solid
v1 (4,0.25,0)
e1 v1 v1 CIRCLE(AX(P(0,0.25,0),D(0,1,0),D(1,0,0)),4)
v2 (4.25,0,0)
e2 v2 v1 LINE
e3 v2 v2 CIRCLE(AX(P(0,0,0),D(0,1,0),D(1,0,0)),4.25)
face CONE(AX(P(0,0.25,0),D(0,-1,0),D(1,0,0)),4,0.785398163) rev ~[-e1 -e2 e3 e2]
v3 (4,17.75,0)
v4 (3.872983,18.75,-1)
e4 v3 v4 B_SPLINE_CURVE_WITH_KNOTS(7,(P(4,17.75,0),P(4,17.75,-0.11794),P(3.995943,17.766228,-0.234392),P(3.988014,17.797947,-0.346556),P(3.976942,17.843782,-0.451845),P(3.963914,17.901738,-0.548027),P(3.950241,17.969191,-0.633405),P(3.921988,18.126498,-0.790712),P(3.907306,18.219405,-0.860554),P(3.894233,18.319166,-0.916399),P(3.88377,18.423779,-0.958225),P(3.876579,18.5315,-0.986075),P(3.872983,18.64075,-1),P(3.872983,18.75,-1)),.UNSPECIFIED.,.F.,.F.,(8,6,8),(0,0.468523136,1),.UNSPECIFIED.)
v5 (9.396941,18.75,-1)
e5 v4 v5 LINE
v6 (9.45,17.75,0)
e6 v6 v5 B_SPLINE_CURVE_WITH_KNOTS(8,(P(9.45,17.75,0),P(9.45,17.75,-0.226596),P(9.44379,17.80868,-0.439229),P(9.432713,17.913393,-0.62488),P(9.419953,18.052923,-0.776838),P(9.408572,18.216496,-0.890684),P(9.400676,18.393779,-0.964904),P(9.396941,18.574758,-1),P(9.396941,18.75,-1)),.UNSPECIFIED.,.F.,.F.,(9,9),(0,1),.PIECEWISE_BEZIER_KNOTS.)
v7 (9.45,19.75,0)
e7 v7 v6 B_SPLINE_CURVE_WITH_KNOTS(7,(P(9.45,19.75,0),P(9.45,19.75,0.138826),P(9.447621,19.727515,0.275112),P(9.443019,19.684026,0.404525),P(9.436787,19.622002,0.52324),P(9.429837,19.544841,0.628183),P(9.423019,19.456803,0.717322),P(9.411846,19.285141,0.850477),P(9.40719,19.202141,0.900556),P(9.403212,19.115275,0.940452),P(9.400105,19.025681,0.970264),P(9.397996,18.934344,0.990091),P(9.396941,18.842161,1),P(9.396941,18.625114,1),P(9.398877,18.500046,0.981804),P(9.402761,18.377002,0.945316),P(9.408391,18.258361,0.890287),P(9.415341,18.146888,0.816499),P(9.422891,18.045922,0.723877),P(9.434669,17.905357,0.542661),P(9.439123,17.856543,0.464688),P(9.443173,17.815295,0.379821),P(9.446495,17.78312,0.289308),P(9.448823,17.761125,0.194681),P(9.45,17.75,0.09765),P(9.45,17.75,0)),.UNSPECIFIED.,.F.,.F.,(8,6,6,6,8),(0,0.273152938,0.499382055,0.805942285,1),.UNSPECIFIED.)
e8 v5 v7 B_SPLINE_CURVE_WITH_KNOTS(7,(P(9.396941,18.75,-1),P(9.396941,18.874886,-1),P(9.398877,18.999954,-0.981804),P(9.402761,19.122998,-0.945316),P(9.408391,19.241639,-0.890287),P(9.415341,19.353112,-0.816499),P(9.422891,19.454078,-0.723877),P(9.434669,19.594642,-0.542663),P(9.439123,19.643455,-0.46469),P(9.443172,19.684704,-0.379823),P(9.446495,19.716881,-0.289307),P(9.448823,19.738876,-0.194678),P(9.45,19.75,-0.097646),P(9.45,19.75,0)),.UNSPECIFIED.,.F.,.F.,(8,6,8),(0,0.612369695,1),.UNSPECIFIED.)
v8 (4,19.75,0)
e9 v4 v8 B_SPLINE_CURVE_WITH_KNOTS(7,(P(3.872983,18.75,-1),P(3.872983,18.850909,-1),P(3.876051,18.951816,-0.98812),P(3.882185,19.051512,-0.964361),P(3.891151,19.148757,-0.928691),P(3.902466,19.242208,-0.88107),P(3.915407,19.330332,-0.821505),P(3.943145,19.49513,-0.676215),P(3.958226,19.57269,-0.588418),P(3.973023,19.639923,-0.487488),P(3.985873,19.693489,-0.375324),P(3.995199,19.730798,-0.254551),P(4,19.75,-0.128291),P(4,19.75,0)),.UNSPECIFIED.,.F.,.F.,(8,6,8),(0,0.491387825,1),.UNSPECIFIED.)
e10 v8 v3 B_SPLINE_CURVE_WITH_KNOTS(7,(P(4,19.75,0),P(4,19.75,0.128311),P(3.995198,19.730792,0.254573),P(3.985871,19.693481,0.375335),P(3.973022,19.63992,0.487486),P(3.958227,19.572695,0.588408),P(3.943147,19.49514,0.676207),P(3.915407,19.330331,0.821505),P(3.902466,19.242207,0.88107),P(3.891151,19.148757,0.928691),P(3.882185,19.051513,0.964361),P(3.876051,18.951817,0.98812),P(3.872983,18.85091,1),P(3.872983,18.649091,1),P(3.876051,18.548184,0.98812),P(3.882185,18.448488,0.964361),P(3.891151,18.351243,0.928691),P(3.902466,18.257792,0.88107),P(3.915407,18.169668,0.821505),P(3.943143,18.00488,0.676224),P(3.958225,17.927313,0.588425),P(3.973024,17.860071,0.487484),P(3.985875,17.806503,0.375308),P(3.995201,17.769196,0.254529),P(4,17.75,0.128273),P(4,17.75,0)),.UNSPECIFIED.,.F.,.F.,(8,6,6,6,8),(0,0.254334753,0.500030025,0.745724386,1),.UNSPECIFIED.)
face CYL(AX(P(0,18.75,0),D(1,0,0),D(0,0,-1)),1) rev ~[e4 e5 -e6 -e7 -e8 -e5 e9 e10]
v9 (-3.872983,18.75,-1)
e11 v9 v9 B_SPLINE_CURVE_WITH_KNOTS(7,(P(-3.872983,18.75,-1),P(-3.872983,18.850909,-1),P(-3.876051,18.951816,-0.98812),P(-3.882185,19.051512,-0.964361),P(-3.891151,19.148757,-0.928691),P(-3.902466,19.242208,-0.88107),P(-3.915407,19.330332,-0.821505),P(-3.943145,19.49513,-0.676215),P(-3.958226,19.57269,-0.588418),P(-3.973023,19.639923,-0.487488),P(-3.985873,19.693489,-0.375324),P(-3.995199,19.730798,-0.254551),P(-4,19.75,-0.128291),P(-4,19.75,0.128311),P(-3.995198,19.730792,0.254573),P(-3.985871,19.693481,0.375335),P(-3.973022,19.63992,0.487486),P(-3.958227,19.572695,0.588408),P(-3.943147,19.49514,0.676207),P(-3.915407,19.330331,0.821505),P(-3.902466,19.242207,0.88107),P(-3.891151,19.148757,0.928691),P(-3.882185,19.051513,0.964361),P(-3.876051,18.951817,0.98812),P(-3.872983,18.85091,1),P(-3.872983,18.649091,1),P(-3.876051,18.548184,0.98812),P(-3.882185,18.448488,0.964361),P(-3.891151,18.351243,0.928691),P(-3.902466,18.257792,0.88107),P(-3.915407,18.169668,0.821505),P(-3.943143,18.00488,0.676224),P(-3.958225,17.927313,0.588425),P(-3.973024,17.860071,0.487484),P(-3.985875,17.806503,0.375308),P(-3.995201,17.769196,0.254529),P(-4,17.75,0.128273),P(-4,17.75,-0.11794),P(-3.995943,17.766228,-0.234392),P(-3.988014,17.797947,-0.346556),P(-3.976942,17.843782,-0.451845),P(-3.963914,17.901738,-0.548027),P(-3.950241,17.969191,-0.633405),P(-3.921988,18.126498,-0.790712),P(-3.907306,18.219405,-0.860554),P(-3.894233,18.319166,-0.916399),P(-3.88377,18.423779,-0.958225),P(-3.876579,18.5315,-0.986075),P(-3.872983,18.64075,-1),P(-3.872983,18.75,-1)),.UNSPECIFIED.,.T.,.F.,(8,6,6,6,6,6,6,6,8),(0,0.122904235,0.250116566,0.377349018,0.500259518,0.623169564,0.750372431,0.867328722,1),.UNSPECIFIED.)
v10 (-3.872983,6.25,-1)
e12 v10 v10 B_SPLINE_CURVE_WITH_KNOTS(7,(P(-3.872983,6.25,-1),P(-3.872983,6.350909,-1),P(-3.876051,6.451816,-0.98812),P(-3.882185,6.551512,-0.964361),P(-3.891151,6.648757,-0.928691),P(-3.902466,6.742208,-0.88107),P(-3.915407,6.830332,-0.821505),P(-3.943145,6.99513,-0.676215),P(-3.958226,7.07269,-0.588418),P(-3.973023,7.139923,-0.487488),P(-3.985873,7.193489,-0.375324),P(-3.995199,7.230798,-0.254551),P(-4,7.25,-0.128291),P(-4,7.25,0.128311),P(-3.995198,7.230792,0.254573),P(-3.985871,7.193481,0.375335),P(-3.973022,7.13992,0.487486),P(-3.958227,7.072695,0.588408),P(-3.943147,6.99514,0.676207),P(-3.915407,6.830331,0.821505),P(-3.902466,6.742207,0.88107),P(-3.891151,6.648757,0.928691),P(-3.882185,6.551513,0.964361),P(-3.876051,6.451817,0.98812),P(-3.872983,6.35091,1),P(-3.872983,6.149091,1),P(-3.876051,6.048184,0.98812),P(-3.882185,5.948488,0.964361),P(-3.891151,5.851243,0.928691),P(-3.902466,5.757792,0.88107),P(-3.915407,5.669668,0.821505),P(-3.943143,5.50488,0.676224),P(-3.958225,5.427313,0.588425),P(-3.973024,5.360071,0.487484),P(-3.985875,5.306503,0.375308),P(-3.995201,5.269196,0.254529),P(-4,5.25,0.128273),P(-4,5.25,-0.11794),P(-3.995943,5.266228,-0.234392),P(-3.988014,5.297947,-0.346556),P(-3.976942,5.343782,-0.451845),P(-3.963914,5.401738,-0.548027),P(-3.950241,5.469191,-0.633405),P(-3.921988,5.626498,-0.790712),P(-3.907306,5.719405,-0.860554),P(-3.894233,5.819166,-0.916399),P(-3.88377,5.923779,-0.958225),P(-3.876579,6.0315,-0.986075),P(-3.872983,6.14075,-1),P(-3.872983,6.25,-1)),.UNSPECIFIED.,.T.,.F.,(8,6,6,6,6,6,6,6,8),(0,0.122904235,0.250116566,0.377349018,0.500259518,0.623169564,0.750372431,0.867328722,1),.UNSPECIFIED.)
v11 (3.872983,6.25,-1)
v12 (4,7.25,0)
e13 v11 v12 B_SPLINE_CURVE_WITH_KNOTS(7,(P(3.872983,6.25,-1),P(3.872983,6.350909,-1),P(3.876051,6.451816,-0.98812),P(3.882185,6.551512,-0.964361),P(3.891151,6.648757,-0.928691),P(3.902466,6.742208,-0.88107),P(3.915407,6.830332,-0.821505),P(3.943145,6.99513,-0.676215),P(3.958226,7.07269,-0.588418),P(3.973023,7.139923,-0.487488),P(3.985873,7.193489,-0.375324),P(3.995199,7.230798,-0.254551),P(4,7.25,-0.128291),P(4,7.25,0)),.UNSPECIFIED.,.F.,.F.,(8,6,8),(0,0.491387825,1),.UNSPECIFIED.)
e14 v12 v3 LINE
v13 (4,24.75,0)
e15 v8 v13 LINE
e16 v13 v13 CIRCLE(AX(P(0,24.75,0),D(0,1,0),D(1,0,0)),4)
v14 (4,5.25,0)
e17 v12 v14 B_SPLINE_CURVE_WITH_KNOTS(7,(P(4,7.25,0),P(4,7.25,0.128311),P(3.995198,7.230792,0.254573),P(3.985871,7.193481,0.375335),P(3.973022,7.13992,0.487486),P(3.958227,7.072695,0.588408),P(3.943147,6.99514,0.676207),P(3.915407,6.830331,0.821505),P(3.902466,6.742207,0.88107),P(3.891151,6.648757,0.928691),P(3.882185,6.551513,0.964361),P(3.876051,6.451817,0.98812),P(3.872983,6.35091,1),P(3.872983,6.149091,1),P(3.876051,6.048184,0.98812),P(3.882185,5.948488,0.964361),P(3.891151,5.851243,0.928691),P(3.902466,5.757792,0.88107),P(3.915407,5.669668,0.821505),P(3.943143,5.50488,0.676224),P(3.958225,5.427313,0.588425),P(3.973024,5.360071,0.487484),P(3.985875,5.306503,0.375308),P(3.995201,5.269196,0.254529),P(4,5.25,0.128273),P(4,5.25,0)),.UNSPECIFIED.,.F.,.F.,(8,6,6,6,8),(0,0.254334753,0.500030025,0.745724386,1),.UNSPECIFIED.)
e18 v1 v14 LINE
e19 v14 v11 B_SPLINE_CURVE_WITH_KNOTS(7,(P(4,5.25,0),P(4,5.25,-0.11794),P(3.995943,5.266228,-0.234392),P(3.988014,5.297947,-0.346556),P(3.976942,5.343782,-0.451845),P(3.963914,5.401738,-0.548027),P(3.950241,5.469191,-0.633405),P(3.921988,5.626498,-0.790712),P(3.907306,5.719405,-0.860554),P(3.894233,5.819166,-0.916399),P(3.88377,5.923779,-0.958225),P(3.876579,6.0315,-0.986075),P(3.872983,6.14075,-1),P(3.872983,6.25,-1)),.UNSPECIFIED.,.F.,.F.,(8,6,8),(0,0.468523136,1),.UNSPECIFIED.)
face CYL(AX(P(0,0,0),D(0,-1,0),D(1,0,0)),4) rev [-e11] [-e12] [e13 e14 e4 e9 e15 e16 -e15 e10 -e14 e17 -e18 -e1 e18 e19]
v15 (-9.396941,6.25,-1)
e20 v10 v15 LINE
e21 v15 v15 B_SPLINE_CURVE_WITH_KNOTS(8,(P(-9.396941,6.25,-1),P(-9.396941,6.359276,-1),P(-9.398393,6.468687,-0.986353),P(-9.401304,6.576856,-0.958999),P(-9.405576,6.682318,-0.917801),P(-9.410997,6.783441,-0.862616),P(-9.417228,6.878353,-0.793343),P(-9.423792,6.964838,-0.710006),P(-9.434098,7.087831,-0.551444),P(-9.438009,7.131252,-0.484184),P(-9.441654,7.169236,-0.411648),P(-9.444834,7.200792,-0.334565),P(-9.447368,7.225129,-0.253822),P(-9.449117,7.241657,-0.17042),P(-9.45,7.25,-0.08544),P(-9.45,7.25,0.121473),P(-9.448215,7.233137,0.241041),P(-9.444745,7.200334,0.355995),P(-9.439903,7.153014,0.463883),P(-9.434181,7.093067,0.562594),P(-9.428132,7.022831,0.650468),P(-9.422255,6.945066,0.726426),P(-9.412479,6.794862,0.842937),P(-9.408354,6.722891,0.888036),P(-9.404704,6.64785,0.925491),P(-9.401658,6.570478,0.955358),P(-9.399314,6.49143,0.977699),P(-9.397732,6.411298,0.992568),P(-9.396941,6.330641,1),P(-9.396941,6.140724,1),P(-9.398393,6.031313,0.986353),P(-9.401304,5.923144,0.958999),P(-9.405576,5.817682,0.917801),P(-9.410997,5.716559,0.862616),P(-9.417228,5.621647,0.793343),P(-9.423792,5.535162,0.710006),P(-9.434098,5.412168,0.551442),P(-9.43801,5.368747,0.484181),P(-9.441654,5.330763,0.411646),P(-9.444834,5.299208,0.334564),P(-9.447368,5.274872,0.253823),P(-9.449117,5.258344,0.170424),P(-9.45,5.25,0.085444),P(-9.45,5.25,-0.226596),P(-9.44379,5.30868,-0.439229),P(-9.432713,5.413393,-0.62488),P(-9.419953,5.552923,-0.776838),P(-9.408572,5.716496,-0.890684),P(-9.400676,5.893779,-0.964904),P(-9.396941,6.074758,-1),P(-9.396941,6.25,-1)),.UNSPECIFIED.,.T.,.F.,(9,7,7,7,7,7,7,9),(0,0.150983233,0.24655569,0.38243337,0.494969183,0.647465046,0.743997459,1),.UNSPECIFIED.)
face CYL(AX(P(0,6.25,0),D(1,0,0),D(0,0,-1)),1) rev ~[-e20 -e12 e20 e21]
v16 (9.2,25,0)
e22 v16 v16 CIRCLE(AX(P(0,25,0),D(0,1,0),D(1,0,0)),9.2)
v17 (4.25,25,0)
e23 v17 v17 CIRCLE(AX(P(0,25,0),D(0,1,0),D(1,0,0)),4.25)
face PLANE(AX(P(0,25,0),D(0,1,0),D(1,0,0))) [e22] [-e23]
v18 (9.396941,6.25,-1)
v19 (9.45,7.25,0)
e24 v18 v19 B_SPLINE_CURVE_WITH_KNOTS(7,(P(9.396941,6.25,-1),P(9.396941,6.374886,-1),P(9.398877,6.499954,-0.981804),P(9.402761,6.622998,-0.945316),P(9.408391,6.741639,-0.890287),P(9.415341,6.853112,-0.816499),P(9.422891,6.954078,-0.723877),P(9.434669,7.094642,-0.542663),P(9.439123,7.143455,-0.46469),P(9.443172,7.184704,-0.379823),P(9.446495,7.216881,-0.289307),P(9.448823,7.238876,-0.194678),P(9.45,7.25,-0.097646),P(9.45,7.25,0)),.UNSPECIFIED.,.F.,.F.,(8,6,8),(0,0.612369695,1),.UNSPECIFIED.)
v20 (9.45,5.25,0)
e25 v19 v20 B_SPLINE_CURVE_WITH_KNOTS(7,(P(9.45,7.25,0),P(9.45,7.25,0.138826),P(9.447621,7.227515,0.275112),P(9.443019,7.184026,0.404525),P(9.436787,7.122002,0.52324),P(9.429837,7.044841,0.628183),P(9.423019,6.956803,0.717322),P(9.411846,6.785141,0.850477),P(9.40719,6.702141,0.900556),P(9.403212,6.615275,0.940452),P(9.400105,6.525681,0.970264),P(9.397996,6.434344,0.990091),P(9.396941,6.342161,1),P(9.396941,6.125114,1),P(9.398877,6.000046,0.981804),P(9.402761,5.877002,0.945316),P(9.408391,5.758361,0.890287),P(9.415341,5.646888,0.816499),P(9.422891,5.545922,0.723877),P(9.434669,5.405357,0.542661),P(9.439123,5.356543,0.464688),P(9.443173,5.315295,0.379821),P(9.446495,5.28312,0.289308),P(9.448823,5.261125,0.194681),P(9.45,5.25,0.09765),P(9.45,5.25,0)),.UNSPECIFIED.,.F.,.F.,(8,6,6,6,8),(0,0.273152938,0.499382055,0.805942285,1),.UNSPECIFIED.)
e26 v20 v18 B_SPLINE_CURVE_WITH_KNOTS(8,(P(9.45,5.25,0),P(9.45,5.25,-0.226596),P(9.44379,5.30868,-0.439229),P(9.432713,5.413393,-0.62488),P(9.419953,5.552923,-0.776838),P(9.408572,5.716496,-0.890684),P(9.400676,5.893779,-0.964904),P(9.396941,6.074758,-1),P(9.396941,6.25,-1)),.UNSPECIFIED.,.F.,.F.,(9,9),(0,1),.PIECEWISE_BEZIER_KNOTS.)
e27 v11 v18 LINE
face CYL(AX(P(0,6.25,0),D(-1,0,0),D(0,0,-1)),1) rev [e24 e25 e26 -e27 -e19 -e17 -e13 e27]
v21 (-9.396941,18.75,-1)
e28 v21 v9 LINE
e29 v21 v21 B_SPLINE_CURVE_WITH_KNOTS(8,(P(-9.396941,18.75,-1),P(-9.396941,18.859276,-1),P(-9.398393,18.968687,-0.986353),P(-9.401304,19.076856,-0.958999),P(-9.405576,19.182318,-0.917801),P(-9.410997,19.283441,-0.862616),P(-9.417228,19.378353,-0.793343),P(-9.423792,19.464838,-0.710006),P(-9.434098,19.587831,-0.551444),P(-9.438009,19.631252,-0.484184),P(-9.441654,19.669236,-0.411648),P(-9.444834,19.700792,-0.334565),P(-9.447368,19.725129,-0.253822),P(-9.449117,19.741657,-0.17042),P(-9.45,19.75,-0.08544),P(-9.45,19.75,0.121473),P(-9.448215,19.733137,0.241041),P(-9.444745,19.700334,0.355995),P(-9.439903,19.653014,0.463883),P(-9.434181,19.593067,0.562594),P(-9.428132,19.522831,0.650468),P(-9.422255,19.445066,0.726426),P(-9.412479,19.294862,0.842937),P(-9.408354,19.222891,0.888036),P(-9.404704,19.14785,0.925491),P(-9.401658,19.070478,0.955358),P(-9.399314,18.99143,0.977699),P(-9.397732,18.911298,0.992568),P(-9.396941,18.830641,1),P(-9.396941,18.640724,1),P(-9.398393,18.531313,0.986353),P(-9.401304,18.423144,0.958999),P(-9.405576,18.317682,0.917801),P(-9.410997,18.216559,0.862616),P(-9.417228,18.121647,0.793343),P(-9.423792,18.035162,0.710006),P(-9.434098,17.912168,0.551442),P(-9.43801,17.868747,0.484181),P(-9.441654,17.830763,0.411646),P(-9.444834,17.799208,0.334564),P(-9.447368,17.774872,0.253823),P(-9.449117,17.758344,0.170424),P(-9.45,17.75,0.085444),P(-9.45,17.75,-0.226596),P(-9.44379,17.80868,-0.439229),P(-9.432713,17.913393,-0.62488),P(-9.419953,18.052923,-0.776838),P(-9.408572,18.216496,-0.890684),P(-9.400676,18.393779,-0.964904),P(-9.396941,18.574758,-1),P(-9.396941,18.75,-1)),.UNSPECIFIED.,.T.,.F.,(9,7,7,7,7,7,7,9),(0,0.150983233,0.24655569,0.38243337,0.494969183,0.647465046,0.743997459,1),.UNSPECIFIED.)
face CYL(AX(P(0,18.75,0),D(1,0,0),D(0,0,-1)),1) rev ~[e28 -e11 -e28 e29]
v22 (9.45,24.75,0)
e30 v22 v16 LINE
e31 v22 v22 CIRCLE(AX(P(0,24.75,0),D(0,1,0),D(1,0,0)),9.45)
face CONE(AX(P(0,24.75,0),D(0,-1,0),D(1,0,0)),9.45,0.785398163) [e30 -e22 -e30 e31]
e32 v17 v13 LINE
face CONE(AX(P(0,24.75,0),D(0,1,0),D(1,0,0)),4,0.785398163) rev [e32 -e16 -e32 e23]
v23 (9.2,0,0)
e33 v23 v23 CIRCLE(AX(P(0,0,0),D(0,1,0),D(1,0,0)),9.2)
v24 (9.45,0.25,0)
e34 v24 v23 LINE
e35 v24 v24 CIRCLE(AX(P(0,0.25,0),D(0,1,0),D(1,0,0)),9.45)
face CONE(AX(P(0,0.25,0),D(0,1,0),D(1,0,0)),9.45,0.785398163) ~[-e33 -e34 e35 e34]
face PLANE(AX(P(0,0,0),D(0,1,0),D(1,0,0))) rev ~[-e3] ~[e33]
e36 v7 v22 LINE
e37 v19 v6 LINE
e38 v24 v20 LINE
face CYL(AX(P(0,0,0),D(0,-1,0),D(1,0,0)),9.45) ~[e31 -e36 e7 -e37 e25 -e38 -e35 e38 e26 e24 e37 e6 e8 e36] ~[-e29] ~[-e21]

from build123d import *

# Parameters (mm, degrees)
SKETCH1_R           = 9.45
SKETCH1_R_2         = 4
BOSS_EXTRUDE1_DEPTH = 25
SKETCH2_R           = 1
CUT_EXTRUDE1_DEPTH  = 12.5
CHAMFER1_SIZE       = 0.25


with BuildPart() as part:
    # Sketch1 → Boss-Extrude1 (new body)
    with BuildSketch(Plane(origin=(0, 0, 0), x_dir=(1, 0, 0), z_dir=(0, 1, 0))):
        Circle(SKETCH1_R)
        Circle(SKETCH1_R_2, mode=Mode.SUBTRACT)
    extrude(amount=BOSS_EXTRUDE1_DEPTH)

    # Sketch2 → Cut-Extrude1 (cut, symmetric)
    with BuildSketch(Plane(origin=(0, 0, 0), x_dir=(0, 0, -1), z_dir=(1, 0, 0))):
        with Locations((0, 6.25)):
            Circle(SKETCH2_R)
        with Locations((0, 18.75)):
            Circle(SKETCH2_R)
    extrude(amount=CUT_EXTRUDE1_DEPTH, both=True, mode=Mode.SUBTRACT)

    # Chamfer1
    chamfer1_edges = [part.edges().sort_by_distance(p)[0] for p in [
        (-9.45, 0, 0),
        (-9.45, 25, 0),
        (-4, 0, 0),
        (-4, 25, 0),
    ]]
    chamfer(chamfer1_edges, length=CHAMFER1_SIZE)


solid = part.part
